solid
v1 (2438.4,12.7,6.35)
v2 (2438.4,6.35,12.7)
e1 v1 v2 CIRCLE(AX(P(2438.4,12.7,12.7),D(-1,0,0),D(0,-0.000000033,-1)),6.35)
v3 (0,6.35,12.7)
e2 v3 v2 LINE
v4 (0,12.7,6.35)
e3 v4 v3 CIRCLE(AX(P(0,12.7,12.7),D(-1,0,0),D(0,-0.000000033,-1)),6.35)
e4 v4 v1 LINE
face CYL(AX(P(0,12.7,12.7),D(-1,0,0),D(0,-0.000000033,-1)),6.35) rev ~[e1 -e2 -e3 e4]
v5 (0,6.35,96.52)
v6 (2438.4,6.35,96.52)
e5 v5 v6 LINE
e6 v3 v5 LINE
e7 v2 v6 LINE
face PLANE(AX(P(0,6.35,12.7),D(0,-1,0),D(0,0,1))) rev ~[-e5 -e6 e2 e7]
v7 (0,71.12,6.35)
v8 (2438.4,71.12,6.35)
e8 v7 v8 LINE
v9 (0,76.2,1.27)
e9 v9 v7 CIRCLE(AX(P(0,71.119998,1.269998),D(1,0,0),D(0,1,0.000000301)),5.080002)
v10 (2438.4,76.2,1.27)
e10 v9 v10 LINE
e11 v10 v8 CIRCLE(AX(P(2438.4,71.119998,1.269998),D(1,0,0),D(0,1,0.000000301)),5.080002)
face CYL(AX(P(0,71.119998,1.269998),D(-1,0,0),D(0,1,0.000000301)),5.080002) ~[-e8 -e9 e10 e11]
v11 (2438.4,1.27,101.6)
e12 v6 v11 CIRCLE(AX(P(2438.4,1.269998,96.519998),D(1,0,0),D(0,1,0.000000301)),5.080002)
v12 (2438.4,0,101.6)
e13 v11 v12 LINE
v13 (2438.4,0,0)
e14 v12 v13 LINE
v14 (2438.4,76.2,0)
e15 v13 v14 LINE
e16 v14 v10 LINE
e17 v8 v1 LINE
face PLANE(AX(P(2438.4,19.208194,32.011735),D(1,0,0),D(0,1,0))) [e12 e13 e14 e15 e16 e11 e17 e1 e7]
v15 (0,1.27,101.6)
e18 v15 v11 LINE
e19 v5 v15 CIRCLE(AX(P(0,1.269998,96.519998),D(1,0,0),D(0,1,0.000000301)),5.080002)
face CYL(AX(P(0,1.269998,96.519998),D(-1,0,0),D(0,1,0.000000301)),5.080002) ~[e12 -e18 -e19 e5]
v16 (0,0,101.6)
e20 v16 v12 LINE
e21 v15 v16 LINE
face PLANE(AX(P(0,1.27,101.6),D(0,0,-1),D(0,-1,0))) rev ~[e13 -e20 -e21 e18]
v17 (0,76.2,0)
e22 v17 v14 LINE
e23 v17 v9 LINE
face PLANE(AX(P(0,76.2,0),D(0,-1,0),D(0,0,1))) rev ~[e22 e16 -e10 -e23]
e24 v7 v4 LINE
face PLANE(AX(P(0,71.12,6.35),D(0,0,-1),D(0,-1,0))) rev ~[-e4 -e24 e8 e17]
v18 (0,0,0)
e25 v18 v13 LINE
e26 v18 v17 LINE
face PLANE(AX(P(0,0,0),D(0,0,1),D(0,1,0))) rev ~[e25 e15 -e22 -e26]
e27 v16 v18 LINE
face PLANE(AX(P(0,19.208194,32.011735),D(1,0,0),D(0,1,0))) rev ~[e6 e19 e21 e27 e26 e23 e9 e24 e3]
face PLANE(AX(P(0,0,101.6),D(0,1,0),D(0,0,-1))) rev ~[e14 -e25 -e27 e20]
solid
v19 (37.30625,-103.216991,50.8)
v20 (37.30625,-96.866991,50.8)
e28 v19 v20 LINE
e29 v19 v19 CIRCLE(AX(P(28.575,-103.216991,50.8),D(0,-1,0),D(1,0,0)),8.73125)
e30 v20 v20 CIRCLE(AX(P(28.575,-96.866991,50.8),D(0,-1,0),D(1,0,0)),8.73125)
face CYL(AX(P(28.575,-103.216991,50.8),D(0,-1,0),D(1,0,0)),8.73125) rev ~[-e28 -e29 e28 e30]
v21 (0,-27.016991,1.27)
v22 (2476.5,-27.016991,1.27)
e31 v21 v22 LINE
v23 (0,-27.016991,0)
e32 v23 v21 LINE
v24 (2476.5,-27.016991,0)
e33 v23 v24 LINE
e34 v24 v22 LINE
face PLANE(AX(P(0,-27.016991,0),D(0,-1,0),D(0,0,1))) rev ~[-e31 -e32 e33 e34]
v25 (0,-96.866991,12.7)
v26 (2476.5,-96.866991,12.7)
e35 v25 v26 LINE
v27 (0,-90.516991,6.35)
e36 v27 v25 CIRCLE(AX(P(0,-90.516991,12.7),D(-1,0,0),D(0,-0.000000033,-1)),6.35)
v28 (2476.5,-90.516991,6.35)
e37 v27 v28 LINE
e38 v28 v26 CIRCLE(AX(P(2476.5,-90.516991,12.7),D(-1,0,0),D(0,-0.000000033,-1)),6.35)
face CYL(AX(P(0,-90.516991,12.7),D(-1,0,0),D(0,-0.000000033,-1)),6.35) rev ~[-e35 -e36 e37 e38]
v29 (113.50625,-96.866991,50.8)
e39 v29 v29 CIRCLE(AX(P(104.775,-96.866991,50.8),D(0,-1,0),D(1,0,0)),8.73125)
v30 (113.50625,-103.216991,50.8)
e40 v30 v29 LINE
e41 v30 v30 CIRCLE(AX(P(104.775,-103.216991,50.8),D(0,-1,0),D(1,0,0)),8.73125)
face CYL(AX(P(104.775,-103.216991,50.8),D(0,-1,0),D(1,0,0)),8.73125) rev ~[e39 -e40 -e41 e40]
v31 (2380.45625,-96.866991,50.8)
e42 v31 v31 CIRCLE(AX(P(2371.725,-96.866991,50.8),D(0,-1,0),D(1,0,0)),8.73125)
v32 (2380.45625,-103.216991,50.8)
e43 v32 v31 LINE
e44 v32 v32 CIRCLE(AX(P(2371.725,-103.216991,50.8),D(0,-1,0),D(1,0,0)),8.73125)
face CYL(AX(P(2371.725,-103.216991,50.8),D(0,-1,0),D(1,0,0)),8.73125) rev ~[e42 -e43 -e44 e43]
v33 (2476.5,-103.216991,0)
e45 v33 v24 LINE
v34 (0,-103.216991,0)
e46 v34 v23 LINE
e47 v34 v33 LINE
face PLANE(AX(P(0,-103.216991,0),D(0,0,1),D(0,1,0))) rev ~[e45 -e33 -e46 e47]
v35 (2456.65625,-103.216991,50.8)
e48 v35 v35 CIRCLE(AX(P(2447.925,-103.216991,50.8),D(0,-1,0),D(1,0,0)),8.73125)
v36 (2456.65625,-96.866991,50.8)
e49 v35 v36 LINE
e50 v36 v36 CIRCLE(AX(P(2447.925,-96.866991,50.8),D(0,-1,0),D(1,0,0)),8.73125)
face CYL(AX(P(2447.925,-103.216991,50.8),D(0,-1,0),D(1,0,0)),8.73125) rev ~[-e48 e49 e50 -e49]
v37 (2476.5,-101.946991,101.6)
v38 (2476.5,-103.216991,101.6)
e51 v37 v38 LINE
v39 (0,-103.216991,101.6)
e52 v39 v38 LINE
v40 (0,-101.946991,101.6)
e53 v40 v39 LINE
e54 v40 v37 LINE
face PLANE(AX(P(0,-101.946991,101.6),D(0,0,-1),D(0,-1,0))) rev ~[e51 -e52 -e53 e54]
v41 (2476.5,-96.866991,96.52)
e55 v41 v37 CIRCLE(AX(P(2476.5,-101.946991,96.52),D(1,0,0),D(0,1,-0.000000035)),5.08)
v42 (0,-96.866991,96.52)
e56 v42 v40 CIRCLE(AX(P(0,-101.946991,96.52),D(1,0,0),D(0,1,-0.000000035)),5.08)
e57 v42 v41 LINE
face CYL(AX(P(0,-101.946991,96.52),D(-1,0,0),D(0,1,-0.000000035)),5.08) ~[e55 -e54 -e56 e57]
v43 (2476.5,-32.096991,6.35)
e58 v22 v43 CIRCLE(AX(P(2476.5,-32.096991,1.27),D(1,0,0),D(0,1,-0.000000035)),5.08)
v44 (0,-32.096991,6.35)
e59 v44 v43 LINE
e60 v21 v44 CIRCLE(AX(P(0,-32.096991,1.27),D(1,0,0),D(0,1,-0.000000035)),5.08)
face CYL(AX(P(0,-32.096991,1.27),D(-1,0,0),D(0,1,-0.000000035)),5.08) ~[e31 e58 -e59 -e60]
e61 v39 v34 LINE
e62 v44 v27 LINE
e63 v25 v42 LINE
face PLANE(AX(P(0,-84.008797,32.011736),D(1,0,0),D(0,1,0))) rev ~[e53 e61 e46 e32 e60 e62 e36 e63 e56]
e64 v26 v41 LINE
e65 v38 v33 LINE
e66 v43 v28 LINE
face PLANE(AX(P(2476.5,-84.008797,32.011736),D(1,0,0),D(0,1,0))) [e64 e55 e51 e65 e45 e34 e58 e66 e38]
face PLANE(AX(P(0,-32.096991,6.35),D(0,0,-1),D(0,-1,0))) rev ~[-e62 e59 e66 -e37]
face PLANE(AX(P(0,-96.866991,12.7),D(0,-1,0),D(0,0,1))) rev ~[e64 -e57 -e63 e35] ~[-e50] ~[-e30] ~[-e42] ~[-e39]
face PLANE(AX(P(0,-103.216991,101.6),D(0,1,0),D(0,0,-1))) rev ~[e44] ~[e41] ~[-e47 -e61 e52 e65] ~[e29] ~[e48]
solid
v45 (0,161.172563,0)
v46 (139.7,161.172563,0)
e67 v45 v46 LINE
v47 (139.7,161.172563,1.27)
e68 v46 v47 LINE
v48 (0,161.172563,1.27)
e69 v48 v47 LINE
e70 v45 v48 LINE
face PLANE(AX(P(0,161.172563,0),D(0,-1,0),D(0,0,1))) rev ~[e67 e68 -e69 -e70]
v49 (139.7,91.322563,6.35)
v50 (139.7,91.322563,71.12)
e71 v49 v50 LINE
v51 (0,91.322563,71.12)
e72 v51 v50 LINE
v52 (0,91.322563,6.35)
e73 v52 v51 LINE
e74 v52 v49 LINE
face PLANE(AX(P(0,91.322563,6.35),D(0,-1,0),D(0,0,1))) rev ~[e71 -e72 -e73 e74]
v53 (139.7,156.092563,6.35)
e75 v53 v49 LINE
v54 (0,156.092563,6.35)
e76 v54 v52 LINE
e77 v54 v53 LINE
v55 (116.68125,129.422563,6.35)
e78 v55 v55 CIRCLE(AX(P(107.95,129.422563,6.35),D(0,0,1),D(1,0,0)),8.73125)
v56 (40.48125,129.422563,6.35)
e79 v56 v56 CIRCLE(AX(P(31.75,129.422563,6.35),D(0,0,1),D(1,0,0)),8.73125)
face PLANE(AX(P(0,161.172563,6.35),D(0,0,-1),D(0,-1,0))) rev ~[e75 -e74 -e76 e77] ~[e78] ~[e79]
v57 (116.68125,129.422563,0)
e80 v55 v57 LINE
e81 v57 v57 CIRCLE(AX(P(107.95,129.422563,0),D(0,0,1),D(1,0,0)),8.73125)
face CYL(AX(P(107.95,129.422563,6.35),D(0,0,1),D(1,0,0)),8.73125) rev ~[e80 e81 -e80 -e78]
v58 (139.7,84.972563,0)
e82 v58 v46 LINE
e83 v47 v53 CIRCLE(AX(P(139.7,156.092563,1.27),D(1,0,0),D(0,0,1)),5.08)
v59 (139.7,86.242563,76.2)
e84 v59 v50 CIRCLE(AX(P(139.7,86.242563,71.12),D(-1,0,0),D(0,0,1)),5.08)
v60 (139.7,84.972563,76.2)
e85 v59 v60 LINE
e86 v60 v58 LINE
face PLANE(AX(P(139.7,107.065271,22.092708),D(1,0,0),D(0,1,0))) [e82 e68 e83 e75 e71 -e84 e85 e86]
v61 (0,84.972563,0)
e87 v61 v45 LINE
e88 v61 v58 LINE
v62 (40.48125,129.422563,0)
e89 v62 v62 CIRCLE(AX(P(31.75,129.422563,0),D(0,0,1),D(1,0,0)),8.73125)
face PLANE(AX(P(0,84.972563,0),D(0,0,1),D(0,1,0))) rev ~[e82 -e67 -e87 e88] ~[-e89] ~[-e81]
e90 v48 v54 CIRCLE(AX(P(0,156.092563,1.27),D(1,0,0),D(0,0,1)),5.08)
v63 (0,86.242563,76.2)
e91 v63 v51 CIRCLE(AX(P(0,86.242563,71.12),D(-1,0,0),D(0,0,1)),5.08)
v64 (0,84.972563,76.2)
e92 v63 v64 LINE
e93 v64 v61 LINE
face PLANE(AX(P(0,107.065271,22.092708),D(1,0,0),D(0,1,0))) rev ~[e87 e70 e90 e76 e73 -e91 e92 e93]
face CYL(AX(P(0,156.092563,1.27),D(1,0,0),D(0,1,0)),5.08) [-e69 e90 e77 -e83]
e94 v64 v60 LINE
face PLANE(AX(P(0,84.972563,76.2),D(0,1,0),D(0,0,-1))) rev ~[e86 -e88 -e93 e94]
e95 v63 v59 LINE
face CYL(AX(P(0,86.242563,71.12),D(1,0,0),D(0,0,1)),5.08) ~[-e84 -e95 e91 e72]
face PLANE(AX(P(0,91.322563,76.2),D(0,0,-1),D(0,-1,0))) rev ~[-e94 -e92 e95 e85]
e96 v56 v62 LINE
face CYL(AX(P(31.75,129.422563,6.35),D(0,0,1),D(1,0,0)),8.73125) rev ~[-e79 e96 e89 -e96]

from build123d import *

# Parameters (mm, degrees)
F1_DEPTH  = 2438.4
F3_DEPTH  = 2476.5
F5_DEPTH  = 139.7
F6_R      = 5.08
F7_R      = 8.73125
F8_DEPTH  = 6.351
F9_R      = 8.73125
F10_DEPTH = 25.4


with BuildPart() as f1:
    # F0 (on Right) → F1 (new body)
    with BuildSketch(Plane.YZ):
        with BuildLine():
            Line((0, 101.6), (0, 0))
            Line((0, 0), (76.2, 0))
            Line((76.2, 0), (76.2, 1.27))
            ThreePointArc((76.2, 1.27), (74.712102, 4.862102), (71.12, 6.35))
            Line((71.12, 6.35), (12.7, 6.35))
            ThreePointArc((12.7, 6.35), (8.209872, 8.209872), (6.35, 12.7))
            Line((6.35, 12.7), (6.35, 96.52))
            ThreePointArc((6.35, 96.52), (4.862102, 100.112102), (1.27, 101.6))
            Line((1.27, 101.6), (0, 101.6))
        make_face()
    extrude(amount=F1_DEPTH)


with BuildPart() as f3:
    # F2 (on Right) → F3 (new body)
    with BuildSketch(Plane.YZ):
        with BuildLine():
            ThreePointArc((-90.516991, 6.35), (-95.007119, 8.209872), (-96.866991, 12.7))
            Line((-96.866991, 12.7), (-96.866991, 96.52))
            ThreePointArc((-96.866991, 96.52), (-98.354888, 100.112102), (-101.946991, 101.6))
            Line((-101.946991, 101.6), (-103.216991, 101.6))
            Line((-103.216991, 101.6), (-103.216991, 0))
            Line((-103.216991, 0), (-27.016991, 0))
            Line((-27.016991, 0), (-27.016991, 1.27))
            ThreePointArc((-27.016991, 1.27), (-28.504888, 4.862102), (-32.096991, 6.35))
            Line((-32.096991, 6.35), (-90.516991, 6.35))
        make_face()
    extrude(amount=F3_DEPTH)

    # F9 (on face) → F10 (cut)
    with BuildSketch(Plane.XZ.offset(103.216991)):
        with Locations((28.575, 50.8)):
            Circle(F9_R)
        with Locations((104.775, 50.8)):
            Circle(F9_R)
        with Locations((2447.925, 50.8)):
            Circle(F9_R)
        with Locations((2371.725, 50.8)):
            Circle(F9_R)
    extrude(amount=-F10_DEPTH, mode=Mode.SUBTRACT)


with BuildPart() as f5:
    # F4 (on Right) → F5 (new body)
    with BuildSketch(Plane.YZ):
        Polygon((91.322563, 76.2), (84.972563, 76.2), (84.972563, 0), (161.172563, 0), (161.172563, 6.35), (91.322563, 6.35), align=None)
    extrude(amount=F5_DEPTH)

    # F6
    f6_edges = [f5.edges().sort_by_distance(p)[0] for p in [
        (69.85, 91.322563, 76.2),
        (69.85, 161.172563, 6.35),
    ]]
    fillet(f6_edges, radius=F6_R)

    # F7 (on face) → F8 (cut, through all)
    with BuildSketch(Plane.XY.offset(6.35)):
        with Locations((31.75, 129.422563)):
            Circle(F7_R)
        with Locations((107.95, 129.422563)):
            Circle(F7_R)
    extrude(amount=-F8_DEPTH, mode=Mode.SUBTRACT)


solid = Compound([f1.part, f3.part, f5.part])
